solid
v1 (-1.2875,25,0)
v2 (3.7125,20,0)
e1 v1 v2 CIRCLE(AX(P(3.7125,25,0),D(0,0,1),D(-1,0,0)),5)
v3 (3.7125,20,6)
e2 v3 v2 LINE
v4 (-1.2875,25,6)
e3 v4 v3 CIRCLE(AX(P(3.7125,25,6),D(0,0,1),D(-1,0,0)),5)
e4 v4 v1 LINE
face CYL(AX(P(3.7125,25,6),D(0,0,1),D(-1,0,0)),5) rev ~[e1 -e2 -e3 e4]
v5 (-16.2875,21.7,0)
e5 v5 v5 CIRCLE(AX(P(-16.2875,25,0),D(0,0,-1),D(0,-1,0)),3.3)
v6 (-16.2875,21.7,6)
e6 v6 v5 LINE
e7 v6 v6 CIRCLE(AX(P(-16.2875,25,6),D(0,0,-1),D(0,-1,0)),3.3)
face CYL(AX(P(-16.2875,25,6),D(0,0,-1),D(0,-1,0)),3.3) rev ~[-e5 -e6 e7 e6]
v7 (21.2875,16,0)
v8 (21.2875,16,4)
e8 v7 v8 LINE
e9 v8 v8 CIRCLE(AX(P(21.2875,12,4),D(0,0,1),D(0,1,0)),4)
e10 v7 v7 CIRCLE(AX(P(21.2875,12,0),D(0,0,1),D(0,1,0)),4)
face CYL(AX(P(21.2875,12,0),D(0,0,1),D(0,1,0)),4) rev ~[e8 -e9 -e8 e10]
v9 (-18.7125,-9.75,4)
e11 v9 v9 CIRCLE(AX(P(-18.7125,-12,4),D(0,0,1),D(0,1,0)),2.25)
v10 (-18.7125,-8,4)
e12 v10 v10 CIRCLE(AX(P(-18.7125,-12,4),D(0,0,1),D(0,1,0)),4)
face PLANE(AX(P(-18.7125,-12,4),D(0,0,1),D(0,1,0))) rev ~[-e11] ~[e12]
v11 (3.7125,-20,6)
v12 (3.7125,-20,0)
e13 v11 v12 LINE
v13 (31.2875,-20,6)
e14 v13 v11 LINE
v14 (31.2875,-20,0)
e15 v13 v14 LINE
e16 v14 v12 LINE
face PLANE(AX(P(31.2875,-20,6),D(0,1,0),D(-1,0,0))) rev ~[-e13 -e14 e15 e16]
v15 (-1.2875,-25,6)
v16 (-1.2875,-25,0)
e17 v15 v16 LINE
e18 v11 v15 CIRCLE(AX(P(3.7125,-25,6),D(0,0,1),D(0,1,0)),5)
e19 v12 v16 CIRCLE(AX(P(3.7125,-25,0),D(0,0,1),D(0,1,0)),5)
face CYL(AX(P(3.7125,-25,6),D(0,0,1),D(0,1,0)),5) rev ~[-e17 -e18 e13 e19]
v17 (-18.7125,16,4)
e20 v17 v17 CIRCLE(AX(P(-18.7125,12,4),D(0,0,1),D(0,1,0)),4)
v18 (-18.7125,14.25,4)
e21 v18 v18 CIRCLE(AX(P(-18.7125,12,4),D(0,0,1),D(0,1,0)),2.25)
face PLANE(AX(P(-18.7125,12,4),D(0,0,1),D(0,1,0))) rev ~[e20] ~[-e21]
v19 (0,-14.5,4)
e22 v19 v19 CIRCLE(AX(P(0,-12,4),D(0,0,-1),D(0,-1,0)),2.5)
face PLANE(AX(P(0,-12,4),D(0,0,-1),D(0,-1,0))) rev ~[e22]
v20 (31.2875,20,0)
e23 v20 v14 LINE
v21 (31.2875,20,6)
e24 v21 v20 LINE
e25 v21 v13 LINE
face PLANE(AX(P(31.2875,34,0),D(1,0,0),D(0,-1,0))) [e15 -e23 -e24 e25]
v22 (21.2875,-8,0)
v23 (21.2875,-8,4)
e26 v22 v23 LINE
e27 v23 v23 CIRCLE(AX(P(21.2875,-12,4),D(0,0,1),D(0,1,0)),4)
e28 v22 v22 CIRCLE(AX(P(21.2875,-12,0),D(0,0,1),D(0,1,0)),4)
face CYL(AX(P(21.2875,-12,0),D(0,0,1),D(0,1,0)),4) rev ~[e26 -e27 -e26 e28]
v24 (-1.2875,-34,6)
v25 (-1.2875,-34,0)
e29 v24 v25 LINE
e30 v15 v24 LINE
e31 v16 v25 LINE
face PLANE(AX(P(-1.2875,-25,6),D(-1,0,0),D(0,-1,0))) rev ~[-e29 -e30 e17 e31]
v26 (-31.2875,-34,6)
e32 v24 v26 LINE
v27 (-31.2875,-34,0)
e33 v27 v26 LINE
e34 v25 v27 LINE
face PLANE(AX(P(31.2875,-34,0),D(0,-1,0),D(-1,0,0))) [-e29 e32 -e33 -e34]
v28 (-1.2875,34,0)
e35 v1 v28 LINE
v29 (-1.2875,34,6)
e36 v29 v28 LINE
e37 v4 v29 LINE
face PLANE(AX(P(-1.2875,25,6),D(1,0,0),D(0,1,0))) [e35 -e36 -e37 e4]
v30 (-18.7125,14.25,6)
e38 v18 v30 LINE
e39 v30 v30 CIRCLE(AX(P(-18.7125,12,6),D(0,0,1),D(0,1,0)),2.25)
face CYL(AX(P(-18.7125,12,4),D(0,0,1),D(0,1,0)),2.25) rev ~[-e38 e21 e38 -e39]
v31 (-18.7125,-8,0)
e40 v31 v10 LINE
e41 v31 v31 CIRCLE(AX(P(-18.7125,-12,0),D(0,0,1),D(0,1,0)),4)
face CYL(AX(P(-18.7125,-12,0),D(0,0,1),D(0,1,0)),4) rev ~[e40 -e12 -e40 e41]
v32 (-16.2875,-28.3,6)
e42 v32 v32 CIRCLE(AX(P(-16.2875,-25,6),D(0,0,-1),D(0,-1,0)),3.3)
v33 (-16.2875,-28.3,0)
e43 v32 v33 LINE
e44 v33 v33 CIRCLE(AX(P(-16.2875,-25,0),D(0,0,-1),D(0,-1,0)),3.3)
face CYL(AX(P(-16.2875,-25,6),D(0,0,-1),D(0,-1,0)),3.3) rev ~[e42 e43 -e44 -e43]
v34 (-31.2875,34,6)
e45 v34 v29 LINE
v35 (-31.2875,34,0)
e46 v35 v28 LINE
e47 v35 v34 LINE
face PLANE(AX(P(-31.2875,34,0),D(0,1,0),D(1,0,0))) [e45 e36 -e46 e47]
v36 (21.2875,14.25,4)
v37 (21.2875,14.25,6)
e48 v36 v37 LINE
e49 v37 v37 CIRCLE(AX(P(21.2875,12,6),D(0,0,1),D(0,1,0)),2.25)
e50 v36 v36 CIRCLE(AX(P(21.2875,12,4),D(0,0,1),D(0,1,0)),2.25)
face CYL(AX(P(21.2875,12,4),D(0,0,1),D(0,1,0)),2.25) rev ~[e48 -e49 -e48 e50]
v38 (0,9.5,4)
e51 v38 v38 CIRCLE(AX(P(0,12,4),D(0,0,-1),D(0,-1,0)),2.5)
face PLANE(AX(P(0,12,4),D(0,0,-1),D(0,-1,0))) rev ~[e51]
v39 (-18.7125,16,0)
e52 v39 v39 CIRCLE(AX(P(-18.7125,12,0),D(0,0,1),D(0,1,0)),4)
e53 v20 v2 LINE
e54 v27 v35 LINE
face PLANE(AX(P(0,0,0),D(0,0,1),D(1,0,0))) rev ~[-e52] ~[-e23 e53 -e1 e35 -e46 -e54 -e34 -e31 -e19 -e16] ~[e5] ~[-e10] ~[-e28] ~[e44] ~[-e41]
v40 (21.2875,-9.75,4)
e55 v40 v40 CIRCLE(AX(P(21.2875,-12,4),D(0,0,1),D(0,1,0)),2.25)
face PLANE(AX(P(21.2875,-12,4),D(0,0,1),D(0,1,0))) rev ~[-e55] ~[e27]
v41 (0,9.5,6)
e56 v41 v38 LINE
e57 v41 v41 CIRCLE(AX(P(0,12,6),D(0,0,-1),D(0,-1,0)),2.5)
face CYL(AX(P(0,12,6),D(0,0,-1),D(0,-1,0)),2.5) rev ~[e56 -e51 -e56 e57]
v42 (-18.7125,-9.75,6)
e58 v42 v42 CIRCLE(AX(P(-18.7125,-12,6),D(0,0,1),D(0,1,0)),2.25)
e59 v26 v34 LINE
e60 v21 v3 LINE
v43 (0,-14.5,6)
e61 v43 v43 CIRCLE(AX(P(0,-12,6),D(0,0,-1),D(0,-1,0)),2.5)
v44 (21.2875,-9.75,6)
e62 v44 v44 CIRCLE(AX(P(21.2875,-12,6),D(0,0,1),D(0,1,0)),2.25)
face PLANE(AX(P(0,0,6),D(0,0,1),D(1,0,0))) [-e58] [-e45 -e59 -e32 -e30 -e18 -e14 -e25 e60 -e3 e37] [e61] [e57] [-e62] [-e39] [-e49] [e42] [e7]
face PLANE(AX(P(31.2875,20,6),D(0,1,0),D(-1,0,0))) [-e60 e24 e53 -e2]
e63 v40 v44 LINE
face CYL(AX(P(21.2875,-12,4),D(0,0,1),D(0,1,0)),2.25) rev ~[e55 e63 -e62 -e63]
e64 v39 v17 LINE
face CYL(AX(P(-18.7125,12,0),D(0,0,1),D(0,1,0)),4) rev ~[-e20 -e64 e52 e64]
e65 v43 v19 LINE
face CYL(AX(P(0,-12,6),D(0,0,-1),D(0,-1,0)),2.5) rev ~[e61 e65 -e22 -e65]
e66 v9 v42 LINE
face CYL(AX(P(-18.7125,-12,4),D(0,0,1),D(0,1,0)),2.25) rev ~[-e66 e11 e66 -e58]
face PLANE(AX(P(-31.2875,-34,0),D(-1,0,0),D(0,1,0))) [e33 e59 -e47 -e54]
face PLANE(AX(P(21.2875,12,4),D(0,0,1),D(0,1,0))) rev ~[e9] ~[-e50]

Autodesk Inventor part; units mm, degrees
ref_plane "YZ Plane" through (0, 0, 0) normal (1, 0, 0) x (0, 1, 0)
ref_plane "XZ Plane" through (0, 0, 0) normal (0, 1, 0) x (-1, 0, 0)
ref_plane "XY Plane" through (0, 0, 0) normal (0, 0, 1) x (1, 0, 0)
sketch "Skizze1" plane through (0, 0, 0) normal (0, 0, 1) x (1, 0, 0)
  line L0 (-31.2875, 34) -> (31.2875, 34)
  line L1 (31.2875, 34) -> (31.2875, -34)
  line L2 (31.2875, -34) -> (-31.2875, -34)
  line L3 (-31.2875, -34) -> (-31.2875, 34)
  point P0 (0, 0)
  dimension "d0" = 62.575
  dimension "d1" = 68
  dimension "d40" = 31.2875
  dimension "d41" = 34
extrude "Extrusion1" add sketch "Skizze1" along normal blind 6
sketch "Skizze2" plane through (0, 0, 0) normal (0, 0, -1) x (-1, 0, 0)
  line L0 (31.2875, 34) -> (31.2875, -34) projected
  point P0 (18.7125, -12)
  point P1 (-21.2875, -12)
  point P2 (0, 0)
  point P3 (-21.2875, 12)
  point P4 (18.7125, 12)
  point P5 (-21.2875, -12)
  dimension "d9" = 40
  dimension "d10" = 12.575
  dimension "d20" = 24
  dimension "d21" = 12
hole "Bohrung1" at (-18.7125, -12, 0) at (21.2875, -12, 0) at (21.2875, 12, 0) at (-18.7125, 12, 0) direction (0, 0, 1) diameter 4.5 end through all counterbore diameter 8 counterbore depth 4 clearance for "Innensechskantkopfschraube" size "M4" standard "ANSI Metrisches M Profil"
sketch "Skizze3" plane through (0, 0, 6) normal (0, 0, 1) x (1, 0, 0)
  circle A0 centre (21.2875, -12) radius 2.25 projected
  circle A1 centre (-18.7125, -12) radius 2.25 projected
  circle A2 centre (-18.7125, 12) radius 2.25 projected
  circle A3 centre (21.2875, 12) radius 2.25 projected
  point P0 (0, 0)
  point P1 (0, -12)
  point P2 (0, 12)
hole "Bohrung2" at (0, -12, 6) at (0, 12, 6) direction (0, 0, -1) diameter 5 depth 2
sketch "Skizze4" plane through (0, 0, 6) normal (0, 0, 1) x (1, 0, 0)
  line L0 (-31.2875, -34) -> (31.2875, -34) projected
  line L1 (31.2875, 34) -> (-31.2875, 34) projected
  line L2 (-31.2875, 34) -> (-31.2875, -34) projected
  point P0 (0, 0)
  point P1 (-16.2875, -25)
  point P2 (-16.2875, 25)
  dimension "d29" = 9
  dimension "d30" = 9
  dimension "d31" = 15
hole "Bohrung3" at (-16.2875, -25, 6) at (-16.2875, 25, 6) direction (0, 0, -1) diameter 6.6 end through all clearance for "Innensechskantkopfschraube" size "M6" standard "ANSI Metrisches M Profil"
sketch "Skizze5" plane through (0, 0, 6) normal (0, 0, 1) x (1, 0, 0)
  line L0 (-31.2875, -34) -> (31.2875, -34) projected
  line L1 (31.2875, -34) -> (31.2875, 34) projected
  line L2 (-1.2875, -34) -> (31.2875, -34)
  line L3 (31.2875, -34) -> (31.2875, -20)
  line L4 (31.2875, -20) -> (3.7125, -20)
  line L5 (-1.2875, -25) -> (-1.2875, -34)
  line L6 (-1.2875, 34) -> (31.2875, 34)
  line L7 (31.2875, 34) -> (31.2875, 20)
  line L8 (31.2875, 20) -> (3.7125, 20)
  line L9 (-1.2875, 25) -> (-1.2875, 34)
  line L10 (-31.2875, 34) -> (-31.2875, -34) projected
  line L11 (31.2875, 34) -> (-31.2875, 34) projected
  arc A0 (3.7125, -20) -> (-1.2875, -25) centre (3.7125, -25) ccw
  arc A1 (-1.2875, 25) -> (3.7125, 20) centre (3.7125, 25) ccw
  point P0 (0, 0)
  point P1 (-1.2875, -29.5)
  dimension "d42" = 40
  dimension "d43" = 20
  dimension "d44" = 30
  dimension "d45" = 30
  dimension "d46" = 5
extrude "Extrusion2" cut sketch "Skizze5" against normal through all contours L5 A0 L4 L1 L0 | L6 L1 L8 A1 L9
equation "\"d40\" = 0.5 * d0"
equation "\"d41\" = 0.5 * d1"
properties part number "TS_Halterung_Fuehrungszylinder_int"
